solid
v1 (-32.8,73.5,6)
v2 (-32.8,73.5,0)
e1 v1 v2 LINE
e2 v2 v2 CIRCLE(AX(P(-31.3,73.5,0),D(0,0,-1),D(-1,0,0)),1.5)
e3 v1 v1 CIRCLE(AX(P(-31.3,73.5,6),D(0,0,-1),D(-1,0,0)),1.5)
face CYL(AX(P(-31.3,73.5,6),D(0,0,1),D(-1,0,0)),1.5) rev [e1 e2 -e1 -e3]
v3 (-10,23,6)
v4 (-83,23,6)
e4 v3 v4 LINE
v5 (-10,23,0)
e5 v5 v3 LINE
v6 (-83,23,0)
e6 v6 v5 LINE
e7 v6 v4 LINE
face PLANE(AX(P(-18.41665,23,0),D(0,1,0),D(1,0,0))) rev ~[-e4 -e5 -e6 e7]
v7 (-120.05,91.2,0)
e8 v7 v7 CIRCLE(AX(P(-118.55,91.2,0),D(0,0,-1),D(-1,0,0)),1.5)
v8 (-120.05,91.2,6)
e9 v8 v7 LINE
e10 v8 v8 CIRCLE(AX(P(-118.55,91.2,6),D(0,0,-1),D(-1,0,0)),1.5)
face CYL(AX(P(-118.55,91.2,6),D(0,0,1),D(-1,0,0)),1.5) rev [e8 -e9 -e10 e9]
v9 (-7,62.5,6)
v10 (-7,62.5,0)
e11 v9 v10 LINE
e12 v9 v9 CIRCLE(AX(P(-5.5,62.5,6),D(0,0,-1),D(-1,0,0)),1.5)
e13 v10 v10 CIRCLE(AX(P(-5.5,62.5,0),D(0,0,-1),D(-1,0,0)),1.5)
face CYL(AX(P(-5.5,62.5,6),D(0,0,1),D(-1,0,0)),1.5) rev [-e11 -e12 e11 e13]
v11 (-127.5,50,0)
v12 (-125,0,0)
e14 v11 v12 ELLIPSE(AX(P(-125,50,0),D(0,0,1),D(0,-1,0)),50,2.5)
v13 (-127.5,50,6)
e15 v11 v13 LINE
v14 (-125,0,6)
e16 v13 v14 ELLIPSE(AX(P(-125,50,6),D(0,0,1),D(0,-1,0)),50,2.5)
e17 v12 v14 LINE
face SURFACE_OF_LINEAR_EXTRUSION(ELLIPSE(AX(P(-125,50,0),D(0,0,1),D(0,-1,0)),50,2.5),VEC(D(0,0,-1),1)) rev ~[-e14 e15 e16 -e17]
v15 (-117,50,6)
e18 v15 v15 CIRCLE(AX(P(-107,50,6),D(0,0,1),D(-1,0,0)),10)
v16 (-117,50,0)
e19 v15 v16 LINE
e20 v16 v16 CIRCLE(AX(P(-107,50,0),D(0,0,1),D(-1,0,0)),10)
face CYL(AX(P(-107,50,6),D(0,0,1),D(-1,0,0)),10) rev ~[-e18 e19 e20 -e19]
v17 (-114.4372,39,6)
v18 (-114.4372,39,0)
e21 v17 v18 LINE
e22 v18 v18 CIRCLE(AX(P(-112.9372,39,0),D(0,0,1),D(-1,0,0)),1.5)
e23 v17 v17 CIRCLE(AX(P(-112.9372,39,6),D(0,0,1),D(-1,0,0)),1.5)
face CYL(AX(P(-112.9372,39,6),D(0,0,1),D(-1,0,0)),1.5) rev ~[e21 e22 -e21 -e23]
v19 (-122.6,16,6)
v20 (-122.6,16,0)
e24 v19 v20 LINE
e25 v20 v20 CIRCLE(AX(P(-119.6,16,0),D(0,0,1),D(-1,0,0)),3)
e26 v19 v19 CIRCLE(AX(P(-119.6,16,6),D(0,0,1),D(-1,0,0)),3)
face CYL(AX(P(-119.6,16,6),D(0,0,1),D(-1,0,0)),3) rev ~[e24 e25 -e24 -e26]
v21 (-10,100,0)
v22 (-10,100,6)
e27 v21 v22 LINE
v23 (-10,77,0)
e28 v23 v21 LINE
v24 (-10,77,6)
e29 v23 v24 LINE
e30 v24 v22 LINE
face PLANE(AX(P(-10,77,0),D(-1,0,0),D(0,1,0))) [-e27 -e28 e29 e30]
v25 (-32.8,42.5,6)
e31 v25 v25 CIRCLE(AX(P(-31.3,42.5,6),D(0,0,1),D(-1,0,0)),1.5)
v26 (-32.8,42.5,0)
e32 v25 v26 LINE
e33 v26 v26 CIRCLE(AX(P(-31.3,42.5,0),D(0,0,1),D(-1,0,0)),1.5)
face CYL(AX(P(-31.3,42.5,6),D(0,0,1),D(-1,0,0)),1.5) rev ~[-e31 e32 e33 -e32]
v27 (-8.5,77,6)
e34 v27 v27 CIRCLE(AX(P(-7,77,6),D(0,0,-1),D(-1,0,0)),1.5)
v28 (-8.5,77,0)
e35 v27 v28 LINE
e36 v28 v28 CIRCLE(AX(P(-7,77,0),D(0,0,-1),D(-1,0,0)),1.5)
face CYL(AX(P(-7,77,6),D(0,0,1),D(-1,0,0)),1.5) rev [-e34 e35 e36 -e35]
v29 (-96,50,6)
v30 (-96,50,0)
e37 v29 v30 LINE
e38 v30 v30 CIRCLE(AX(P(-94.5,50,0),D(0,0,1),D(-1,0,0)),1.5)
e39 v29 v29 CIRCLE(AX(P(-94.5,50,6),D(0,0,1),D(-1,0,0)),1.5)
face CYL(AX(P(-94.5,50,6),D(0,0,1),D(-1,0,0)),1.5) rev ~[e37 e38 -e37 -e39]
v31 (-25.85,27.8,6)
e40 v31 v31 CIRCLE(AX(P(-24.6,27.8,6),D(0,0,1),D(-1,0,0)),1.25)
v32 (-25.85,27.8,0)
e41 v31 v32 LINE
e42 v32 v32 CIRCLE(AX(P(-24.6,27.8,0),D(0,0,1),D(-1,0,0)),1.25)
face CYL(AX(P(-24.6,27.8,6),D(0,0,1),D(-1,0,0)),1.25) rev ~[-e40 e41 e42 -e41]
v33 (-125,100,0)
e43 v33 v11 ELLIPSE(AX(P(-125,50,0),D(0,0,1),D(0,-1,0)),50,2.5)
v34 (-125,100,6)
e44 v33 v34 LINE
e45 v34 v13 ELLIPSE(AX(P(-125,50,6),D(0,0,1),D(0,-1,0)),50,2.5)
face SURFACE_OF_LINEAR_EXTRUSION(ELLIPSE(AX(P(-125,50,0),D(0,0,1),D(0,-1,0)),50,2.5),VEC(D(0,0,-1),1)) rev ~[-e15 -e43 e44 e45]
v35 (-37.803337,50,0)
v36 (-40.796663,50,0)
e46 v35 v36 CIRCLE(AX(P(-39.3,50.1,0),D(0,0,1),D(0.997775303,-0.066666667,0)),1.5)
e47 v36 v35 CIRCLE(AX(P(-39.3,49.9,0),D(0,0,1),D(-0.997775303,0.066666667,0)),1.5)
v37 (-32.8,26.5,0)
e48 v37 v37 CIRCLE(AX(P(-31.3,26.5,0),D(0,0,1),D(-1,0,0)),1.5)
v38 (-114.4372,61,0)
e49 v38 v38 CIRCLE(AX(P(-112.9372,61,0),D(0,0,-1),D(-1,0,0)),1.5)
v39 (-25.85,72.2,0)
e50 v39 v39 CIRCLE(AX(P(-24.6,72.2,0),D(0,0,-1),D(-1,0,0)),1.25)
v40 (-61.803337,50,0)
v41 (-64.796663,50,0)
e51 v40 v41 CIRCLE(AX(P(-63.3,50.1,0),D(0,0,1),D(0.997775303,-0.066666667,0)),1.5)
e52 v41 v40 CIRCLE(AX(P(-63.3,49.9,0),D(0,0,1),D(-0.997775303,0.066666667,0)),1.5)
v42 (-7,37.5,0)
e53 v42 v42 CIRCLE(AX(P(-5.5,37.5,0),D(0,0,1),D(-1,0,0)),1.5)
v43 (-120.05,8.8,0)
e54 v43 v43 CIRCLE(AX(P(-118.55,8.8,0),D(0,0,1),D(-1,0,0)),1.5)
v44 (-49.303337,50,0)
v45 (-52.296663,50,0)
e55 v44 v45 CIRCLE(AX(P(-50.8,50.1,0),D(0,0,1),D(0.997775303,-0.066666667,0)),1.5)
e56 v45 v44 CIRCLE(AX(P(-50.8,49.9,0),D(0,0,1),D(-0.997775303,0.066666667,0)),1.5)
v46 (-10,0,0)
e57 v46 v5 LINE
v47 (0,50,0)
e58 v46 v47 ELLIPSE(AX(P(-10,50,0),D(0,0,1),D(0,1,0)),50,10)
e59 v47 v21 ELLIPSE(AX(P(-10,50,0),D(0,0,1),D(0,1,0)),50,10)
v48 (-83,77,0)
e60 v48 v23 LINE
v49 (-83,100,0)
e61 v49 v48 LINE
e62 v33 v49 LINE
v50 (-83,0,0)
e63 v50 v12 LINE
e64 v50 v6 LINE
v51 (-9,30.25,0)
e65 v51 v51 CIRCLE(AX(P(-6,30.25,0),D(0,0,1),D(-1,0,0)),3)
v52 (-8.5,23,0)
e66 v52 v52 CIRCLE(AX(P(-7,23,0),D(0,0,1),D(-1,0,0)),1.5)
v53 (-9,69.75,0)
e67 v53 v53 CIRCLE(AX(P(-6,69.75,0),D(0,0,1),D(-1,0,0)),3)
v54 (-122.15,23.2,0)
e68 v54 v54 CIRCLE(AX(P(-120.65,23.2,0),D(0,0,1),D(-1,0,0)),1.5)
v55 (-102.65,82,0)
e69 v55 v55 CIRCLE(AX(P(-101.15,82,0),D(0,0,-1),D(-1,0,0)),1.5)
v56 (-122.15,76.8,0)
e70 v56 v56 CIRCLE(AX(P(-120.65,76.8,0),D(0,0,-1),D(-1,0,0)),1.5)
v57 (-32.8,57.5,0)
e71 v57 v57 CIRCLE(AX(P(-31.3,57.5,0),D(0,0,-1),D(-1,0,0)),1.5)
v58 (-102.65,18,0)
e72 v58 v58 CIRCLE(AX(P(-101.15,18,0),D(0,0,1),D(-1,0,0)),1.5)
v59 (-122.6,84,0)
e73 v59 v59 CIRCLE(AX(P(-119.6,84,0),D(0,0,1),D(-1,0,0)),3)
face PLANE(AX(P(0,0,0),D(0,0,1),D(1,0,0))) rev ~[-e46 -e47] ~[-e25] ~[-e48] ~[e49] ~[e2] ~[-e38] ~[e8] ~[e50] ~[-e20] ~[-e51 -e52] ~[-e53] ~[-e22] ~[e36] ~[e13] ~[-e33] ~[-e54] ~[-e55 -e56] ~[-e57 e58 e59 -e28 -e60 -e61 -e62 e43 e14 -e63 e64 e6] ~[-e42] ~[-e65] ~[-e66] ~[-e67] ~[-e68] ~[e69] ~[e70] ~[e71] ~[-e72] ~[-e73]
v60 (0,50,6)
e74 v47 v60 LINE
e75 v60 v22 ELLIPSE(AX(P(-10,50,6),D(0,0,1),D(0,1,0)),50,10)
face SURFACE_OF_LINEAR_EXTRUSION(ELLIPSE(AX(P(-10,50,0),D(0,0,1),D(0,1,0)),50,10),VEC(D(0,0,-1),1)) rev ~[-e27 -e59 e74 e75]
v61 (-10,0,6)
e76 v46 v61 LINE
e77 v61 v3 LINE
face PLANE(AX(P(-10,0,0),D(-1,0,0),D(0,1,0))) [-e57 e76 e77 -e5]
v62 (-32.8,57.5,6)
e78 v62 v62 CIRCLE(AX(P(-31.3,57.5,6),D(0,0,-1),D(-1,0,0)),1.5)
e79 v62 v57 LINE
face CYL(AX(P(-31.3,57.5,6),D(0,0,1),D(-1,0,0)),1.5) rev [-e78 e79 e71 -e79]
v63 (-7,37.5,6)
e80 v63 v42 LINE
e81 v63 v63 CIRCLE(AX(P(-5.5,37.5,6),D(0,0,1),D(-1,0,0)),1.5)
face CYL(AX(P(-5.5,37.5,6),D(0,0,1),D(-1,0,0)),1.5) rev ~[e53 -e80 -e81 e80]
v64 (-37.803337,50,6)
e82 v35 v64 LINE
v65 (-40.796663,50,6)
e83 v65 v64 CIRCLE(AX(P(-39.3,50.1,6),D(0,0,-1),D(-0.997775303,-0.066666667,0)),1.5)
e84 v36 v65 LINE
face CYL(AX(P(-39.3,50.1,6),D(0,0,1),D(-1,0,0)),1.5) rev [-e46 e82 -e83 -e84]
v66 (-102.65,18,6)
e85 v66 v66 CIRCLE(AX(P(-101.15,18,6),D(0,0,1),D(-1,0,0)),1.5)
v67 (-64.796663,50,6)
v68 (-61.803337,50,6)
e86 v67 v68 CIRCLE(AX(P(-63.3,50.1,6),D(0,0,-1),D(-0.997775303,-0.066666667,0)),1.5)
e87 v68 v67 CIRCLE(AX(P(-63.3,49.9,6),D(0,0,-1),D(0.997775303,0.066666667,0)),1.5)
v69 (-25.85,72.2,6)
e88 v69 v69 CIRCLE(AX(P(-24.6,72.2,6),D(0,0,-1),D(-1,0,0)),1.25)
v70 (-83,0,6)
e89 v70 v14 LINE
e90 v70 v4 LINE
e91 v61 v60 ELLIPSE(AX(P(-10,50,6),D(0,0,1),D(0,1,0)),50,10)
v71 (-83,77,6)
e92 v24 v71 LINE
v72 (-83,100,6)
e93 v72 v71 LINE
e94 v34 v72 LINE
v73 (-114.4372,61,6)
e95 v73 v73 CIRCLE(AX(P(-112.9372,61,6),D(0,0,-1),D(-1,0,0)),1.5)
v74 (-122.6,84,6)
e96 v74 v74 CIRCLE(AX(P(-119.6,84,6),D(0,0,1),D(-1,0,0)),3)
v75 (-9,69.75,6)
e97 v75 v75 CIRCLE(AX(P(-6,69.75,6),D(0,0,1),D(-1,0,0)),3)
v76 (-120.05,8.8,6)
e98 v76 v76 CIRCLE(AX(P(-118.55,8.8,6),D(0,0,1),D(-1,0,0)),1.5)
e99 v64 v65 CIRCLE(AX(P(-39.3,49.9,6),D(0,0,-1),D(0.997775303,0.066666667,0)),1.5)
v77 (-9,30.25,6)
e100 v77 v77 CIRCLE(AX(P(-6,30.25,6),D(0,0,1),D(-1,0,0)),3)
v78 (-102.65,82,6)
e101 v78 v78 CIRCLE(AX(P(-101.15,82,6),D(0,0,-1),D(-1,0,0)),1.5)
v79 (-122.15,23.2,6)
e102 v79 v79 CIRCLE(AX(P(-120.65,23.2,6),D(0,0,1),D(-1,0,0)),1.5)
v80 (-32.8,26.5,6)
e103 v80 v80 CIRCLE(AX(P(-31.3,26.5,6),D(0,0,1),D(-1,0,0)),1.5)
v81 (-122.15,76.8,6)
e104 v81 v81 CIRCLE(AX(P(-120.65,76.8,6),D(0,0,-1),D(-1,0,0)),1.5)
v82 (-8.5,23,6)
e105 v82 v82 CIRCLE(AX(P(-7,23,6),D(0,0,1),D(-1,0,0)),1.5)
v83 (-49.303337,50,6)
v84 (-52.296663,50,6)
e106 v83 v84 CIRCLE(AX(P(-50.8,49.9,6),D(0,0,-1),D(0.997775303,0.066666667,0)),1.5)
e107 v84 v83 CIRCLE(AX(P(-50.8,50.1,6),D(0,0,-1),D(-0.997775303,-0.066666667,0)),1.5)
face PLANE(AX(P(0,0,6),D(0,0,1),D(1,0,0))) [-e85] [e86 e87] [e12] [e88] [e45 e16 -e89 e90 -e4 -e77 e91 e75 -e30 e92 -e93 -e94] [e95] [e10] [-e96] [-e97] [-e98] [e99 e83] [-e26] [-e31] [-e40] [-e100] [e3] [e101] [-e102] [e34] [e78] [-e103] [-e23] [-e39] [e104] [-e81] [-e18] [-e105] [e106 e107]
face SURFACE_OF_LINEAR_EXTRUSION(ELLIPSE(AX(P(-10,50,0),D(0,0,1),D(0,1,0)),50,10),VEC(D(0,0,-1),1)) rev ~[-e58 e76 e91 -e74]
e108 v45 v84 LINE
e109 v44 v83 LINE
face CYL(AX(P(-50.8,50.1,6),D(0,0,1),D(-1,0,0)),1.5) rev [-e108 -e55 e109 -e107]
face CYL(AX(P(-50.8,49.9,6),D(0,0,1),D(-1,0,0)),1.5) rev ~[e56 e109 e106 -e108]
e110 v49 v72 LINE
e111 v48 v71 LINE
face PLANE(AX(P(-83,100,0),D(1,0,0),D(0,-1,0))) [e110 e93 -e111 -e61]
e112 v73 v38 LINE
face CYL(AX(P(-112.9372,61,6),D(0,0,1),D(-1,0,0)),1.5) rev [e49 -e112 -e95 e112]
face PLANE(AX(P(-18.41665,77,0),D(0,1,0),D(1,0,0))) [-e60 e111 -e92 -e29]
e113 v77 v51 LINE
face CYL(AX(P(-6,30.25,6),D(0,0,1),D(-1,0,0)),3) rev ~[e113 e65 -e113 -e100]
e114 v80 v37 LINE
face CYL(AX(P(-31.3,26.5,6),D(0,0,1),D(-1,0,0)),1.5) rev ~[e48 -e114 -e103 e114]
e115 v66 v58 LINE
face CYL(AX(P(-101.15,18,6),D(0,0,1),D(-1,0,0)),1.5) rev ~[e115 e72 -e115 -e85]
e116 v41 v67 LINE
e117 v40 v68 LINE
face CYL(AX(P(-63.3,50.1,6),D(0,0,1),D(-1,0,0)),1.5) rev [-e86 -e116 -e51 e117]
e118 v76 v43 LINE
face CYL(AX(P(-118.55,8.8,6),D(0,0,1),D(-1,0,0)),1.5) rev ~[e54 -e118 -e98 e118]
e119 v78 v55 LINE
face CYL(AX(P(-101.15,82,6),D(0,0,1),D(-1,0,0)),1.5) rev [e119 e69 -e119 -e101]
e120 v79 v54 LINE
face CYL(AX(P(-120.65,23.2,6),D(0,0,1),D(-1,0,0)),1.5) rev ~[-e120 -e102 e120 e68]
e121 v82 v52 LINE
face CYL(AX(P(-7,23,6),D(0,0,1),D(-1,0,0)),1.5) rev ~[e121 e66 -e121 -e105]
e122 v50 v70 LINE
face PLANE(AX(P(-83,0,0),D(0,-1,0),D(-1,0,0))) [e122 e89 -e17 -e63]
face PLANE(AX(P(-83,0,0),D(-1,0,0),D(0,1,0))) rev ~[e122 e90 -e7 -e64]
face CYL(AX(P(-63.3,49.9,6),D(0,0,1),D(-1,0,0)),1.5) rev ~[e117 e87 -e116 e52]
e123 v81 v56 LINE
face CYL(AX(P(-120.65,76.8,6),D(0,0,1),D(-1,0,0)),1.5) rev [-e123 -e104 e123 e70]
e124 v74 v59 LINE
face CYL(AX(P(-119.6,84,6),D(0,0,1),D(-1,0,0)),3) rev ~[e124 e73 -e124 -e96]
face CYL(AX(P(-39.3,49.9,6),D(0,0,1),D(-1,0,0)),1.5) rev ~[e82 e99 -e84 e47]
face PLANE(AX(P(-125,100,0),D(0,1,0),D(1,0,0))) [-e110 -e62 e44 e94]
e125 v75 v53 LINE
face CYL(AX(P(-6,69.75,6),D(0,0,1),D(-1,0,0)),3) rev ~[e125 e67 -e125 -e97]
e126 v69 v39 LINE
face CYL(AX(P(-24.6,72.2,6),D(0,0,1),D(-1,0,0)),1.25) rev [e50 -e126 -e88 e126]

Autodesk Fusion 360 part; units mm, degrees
sketch "Esquisse1" plane through (0, 0, 0) normal (0, 0, 1) x (1, 0, 0)
  line L0 (0, 0) -> (-127.5, 0)
  line L1 (-127.5, 0) -> (-127.5, 100)
  line L2 (-127.5, 100) -> (0, 100)
  line L3 (0, 100) -> (0, 0)
  ellipse E0 centre (-10, 50) end of major axis (0, 50) minor radius 50
  line L4 (-20, 50) -> (0, 50)
  line L5 (-10, 0) -> (-10, 100)
  ellipse E1 centre (-125, 50) end of major axis (-127.5, 50) minor radius 50
  line L6 (-122.5, 50) -> (-127.5, 50)
  line L7 (-125, 100) -> (-125, 0)
  line L8 (-10, 100) -> (-83, 100)
  line L9 (-83, 100) -> (-83, 77)
  line L10 (-83, 77) -> (-10, 77)
  line L11 (-10, 77) -> (-10, 100)
  line L12 (-10, 0) -> (-83, 0)
  line L13 (-83, 0) -> (-83, 23)
  line L14 (-83, 23) -> (-10, 23)
  line L15 (-10, 23) -> (-10, 0)
  dimension "d1" = 127.5
  dimension "d2" = 73
  dimension "d3" = 23
  dimension "d4" = 73
  dimension "d5" = 23
extrude "Extrusion1" add sketch "Esquisse1" along normal blind 6 contours E0 L4 L5 L15 | E0 L4 L5 L11 | L0 L2 E0 E1 L9 L10 L13 L14 | E0 L4 L5 L14 | E0 L4 L5 L10 | E1 L6 L7 | E1 L6 L7 | E1 L6 L7 | E1 L6 L7
sketch "Esquisse2" plane through (0, 0, 6) normal (0, 0, 1) x (-1, 0, 0)
  line L0 (83, 0) -> (83, -23)
  line L1 (83, -23) -> (10, -23)
  line L2 (10, -23) -> (10, 0)
  ellipse E0 centre (10, -50) end of major axis (10, -100) minor radius 10 (10, 0) -> (10, -100) ccw
  line L3 (10, -100) -> (10, -77)
  line L4 (10, -77) -> (83, -77)
  line L5 (83, -77) -> (83, -100)
  line L6 (83, -100) -> (125, -100)
  ellipse E1 centre (125, -50) end of major axis (125, 0) minor radius 2.5 (125, -100) -> (125, 0) ccw
  line L7 (125, 0) -> (83, 0)
  circle A0 centre (107, -50) radius 10
  circle A1 centre (119.6, -16) radius 3
  circle A2 centre (119.6, -84) radius 3
  line L8 (0, -100) -> (0, 0)
  line L9 (127.5, -100) -> (0, -100)
  circle A3 centre (6, -30.25) radius 3
  line L10 (10, 0) -> (83, 0)
  circle A4 centre (6, -69.75) radius 3
  dimension "d8" = 20
  dimension "d9" = 6
  dimension "d10" = 16
  dimension "d11" = 119.6
  dimension "d12" = 6
  dimension "d13" = 119.6
  dimension "d14" = 16
  dimension "d15" = 6
  dimension "d16" = 30.25
  dimension "d17" = 6
  dimension "d18" = 6
  dimension "d19" = 6
  dimension "d20" = 30.25
  dimension "d49" = 107
extrude "Extrusion2" cut sketch "Esquisse2" against normal blind 7 contours A0 | A1 | A2 | A3 | A4
sketch "Esquisse3" plane through (0, 0, 6) normal (0, 0, 1) x (-1, 0, 0)
  circle A0 centre (119.6, -16) radius 3
  circle A1 centre (107, -50) radius 10
  circle A2 centre (6, -30.25) radius 3
  circle A3 centre (119.6, -84) radius 3
  circle A4 centre (6, -69.75) radius 3
  line L0 (83, 0) -> (83, -23)
  line L1 (83, -23) -> (10, -23)
  line L2 (10, -23) -> (10, 0)
  ellipse E0 centre (10, -50) end of major axis (10, -100) minor radius 10 (10, 0) -> (10, -100) ccw
  line L3 (10, -100) -> (10, -77)
  line L4 (10, -77) -> (83, -77)
  line L5 (83, -77) -> (83, -100)
  line L6 (83, -100) -> (125, -100)
  ellipse E1 centre (125, -50) end of major axis (125, 0) minor radius 2.5 (125, -100) -> (125, 0) ccw
  line L7 (125, 0) -> (83, 0)
  circle A5 centre (39.3, -49.9) radius 1.5
  line L8 (0, -100) -> (0, 0)
  line L9 (10, 0) -> (83, 0)
  circle A6 centre (50.8, -49.9) radius 1.5
  circle A7 centre (63.3, -49.9) radius 1.5
  line L10 (0, 0) -> (127.5, 0)
  circle A8 centre (31.3, -26.5) radius 1.5
  circle A9 centre (31.3, -42.5) radius 1.5
  circle A10 centre (101.15, -18) radius 1.5
  circle A11 centre (112.9372, -39) radius 1.5
  circle A12 centre (94.5, -50) radius 1.5
  circle A13 centre (118.55, -8.8) radius 1.5
  circle A14 centre (120.65, -23.2) radius 1.5
  circle A15 centre (24.6, -27.8) radius 1.25
  circle A16 centre (7, -23) radius 1.5
  circle A17 centre (5.5, -37.5) radius 1.5
  point P0 (107, -50)
  dimension "d23" = 3
  dimension "d24" = 39.3
  dimension "d25" = 49.9
  dimension "d26" = 3
  dimension "d27" = 49.9
  dimension "d28" = 50.8
  dimension "d29" = 3
  dimension "d30" = 63.3
  dimension "d31" = 49.9
  dimension "d32" = 3
  dimension "d33" = 26.5
  dimension "d34" = 31.3
  dimension "d35" = 3
  dimension "d36" = 31.3
  dimension "d37" = 42.5
  dimension "d38" = 3
  dimension "d39" = 18
  dimension "d40" = 101.15
  dimension "d41" = 3
  dimension "d44" = 3
  dimension "d45" = 50
  dimension "d46" = 94.5
  dimension "d51" = 12.5
  dimension "d52" = 39
  dimension "d53" = 3
  dimension "d54" = 8.8
  dimension "d55" = 118.55
  dimension "d56" = 3
  dimension "d57" = 120.65
  dimension "d58" = 23.2
  dimension "d59" = 2.5
  dimension "d60" = 27.8
  dimension "d61" = 24.6
  dimension "d62" = 3
  dimension "d63" = 23
  dimension "d64" = 7
  dimension "d65" = 3
  dimension "d66" = 5.5
  dimension "d67" = 37.5
extrude "Extrusion3" cut sketch "Esquisse3" against normal blind 6 contours A5 | A6 | A7 | A8 | A9 | A10 | A11 | A12 | A13 | A14 | A15 | A16 | A17
ref_plane "Plan de construction1" through (-104, 50, 3) normal (0, 1, 0) x (-1, 0, 0)
mirror "Symétrie miroir1" about plane through (-104, 50, 3) normal (0, 1, 0) of "Extrusion3"
